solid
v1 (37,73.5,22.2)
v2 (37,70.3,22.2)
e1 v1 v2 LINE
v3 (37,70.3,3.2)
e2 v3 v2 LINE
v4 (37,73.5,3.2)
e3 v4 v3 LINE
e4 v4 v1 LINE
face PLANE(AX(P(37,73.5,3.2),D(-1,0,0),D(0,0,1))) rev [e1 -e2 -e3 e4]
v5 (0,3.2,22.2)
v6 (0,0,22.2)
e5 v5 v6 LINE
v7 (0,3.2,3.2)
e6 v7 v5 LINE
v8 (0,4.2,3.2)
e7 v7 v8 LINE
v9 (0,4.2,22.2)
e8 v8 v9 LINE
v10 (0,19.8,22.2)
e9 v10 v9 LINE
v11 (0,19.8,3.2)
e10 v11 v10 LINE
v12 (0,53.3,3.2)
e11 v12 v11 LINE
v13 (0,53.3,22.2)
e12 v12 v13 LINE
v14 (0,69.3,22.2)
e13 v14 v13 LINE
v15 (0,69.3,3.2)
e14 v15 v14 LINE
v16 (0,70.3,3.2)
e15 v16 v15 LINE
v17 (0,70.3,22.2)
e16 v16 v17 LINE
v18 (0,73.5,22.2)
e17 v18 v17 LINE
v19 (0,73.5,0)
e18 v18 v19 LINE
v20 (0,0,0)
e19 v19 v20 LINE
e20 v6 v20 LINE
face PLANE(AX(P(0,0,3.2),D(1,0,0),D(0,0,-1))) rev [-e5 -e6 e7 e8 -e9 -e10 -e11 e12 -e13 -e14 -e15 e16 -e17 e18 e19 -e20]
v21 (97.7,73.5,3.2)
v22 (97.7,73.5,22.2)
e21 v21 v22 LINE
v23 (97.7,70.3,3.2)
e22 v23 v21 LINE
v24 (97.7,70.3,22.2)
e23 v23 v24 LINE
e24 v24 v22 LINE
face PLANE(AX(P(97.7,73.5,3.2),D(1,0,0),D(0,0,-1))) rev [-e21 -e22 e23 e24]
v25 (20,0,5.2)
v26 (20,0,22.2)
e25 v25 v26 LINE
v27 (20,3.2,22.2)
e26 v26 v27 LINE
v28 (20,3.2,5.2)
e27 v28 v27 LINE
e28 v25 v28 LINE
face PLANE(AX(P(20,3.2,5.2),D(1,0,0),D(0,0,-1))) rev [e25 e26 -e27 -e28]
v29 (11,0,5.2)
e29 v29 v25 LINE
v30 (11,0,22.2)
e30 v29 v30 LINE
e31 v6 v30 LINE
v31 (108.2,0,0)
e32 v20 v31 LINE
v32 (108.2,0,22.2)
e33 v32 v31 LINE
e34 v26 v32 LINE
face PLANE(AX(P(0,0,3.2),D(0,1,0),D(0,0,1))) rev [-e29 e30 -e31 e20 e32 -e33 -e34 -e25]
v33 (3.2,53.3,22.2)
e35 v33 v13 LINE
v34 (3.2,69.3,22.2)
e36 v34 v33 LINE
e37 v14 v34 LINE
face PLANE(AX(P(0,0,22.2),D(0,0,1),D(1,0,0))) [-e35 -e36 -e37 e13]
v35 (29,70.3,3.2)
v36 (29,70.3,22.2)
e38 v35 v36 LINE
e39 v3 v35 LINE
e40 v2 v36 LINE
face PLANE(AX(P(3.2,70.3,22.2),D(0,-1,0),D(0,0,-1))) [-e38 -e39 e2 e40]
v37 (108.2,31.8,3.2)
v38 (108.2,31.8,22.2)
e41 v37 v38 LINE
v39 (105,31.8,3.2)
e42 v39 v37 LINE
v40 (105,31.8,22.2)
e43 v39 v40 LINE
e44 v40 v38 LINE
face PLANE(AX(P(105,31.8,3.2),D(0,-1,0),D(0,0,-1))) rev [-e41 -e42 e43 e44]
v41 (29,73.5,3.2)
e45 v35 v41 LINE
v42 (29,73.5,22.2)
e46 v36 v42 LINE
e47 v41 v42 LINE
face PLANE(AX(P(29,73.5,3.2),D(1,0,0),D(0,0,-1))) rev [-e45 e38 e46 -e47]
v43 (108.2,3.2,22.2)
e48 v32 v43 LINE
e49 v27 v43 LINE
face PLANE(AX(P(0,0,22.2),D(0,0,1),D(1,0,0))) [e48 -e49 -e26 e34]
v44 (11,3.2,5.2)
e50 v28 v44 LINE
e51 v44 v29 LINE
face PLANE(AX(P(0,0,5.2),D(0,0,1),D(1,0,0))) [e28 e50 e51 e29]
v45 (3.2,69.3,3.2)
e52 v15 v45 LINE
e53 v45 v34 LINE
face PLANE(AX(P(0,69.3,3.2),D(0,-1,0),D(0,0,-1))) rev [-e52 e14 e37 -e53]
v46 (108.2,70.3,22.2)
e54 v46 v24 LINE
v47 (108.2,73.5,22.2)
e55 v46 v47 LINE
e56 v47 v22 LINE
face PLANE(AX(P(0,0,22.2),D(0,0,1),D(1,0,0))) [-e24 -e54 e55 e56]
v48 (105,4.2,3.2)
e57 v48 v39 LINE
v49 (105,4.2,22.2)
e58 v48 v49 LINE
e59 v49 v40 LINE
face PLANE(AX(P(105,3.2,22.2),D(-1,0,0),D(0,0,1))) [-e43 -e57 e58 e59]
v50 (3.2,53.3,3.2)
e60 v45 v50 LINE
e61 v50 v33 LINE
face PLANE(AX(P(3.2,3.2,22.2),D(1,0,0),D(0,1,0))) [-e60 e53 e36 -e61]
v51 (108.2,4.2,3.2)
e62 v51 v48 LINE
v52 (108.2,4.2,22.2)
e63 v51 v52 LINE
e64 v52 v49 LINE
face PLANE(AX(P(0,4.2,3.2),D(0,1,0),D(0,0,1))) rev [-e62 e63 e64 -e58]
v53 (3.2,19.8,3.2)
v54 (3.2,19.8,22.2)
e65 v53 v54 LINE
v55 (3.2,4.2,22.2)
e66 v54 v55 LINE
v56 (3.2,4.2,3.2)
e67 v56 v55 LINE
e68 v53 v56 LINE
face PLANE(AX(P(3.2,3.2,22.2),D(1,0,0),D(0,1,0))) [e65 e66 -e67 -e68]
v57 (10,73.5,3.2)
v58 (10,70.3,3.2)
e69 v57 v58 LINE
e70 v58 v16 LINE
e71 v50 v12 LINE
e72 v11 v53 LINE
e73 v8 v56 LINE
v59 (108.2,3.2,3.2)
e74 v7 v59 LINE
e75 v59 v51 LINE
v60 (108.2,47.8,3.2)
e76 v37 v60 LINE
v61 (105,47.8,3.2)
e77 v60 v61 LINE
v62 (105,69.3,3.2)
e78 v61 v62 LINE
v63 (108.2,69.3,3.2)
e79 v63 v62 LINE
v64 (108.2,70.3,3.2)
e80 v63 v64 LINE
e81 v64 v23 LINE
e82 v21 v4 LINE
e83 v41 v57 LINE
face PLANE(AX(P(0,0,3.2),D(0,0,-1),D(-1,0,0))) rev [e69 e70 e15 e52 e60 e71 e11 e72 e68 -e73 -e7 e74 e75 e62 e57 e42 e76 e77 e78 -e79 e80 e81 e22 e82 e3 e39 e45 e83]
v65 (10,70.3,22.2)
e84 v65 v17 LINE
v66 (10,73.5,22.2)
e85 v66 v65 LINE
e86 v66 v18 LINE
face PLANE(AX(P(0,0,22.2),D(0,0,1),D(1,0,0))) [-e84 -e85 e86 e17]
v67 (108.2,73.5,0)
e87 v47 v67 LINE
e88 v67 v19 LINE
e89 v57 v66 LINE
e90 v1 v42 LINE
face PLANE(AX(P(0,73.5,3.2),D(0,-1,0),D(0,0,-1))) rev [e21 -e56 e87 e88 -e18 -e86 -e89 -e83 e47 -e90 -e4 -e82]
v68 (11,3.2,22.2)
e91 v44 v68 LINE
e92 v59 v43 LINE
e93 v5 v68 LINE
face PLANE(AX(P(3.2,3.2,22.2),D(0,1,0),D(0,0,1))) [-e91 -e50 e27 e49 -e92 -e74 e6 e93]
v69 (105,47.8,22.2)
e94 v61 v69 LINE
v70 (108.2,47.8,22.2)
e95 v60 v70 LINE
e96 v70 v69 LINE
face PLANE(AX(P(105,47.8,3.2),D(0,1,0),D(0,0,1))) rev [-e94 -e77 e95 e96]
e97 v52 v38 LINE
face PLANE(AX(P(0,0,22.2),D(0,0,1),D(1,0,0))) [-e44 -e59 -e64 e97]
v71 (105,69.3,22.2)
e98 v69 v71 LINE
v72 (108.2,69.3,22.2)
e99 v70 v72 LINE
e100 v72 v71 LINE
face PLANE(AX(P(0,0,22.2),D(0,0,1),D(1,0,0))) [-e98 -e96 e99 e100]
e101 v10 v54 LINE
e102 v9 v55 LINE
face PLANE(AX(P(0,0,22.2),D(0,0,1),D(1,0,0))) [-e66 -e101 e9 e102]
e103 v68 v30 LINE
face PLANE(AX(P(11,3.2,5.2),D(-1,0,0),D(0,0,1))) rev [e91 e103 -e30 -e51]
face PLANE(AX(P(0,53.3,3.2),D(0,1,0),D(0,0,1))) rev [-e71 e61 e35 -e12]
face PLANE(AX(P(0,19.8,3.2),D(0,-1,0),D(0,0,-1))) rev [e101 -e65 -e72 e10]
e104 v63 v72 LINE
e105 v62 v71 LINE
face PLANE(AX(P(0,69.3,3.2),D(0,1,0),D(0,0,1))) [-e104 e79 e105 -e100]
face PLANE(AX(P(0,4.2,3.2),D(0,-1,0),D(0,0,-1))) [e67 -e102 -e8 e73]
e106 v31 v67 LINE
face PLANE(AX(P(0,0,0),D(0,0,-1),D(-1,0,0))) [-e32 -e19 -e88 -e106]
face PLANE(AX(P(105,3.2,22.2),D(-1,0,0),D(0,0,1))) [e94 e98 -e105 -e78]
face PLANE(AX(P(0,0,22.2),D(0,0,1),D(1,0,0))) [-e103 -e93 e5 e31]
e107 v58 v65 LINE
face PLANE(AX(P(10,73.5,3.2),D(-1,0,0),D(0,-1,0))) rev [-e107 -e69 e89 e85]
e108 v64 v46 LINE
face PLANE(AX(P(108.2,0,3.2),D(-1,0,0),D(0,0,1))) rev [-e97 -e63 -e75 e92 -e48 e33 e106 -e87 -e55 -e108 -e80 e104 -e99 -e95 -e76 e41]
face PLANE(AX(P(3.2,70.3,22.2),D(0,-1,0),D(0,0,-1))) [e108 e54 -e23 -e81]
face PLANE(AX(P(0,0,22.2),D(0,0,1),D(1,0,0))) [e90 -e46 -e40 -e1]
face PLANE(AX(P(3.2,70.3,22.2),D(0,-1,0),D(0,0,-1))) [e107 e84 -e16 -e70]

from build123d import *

# Parameters (mm, degrees)
SKETCH1_W           = 108.2
SKETCH1_H           = 73.5
BOSS_EXTRUDE2_DEPTH = 3.2
SKETCH2_W           = 108.2
SKETCH2_H           = 73.5
SKETCH2_W_2         = 101.8
SKETCH2_H_2         = 67.1
BOSS_EXTRUDE3_DEPTH = 19
SKETCH3_W           = 3.2
SKETCH3_H           = 1
CUT_EXTRUDE1_DEPTH  = 19
SKETCH4_W           = 3.2
SKETCH4_H           = 33.5
CUT_EXTRUDE2_DEPTH  = 19
SKETCH5_W           = 19
SKETCH5_H           = 3.2
SKETCH5_W_2         = 60.7
CUT_EXTRUDE3_DEPTH  = 19
SKETCH6_W           = 3.2
SKETCH6_H           = 16
CUT_EXTRUDE4_DEPTH  = 19
SKETCH7_W           = 9
SKETCH7_H           = 3.2
CUT_EXTRUDE5_DEPTH  = 17


with BuildPart() as part:
    # Sketch1 → Boss-Extrude2 (new body)
    with BuildSketch(Plane.XY):
        with Locations((54.1, 36.75)):
            Rectangle(SKETCH1_W, SKETCH1_H)
    extrude(amount=BOSS_EXTRUDE2_DEPTH)

    # Sketch2 → Boss-Extrude3 (add)
    with BuildSketch(Plane.XY.offset(3.2)):
        with Locations((54.1, 36.75)):
            Rectangle(SKETCH2_W, SKETCH2_H)
        with Locations((54.1, 36.75)):
            Rectangle(SKETCH2_W_2, SKETCH2_H_2, mode=Mode.SUBTRACT)
    extrude(amount=BOSS_EXTRUDE3_DEPTH)

    # Sketch3 → Cut-Extrude1 (cut)
    with BuildSketch(Plane.XY.offset(22.2)):
        with Locations((1.6, 69.8)):
            Rectangle(SKETCH3_W, SKETCH3_H)
        with Locations((106.6, 69.8)):
            Rectangle(SKETCH3_W, SKETCH3_H)
        with Locations((106.6, 3.7)):
            Rectangle(SKETCH3_W, SKETCH3_H)
        with Locations((1.6, 3.7)):
            Rectangle(SKETCH3_W, SKETCH3_H)
    extrude(amount=-CUT_EXTRUDE1_DEPTH, mode=Mode.SUBTRACT)

    # Sketch4 → Cut-Extrude2 (cut)
    with BuildSketch(Plane.XY.offset(22.2)):
        with Locations((1.6, 36.55)):
            Rectangle(SKETCH4_W, SKETCH4_H)
    extrude(amount=-CUT_EXTRUDE2_DEPTH, mode=Mode.SUBTRACT)

    # Sketch5 → Cut-Extrude3 (cut)
    with BuildSketch(Plane.XY.offset(22.2)):
        with Locations((19.5, 71.9)):
            Rectangle(SKETCH5_W, SKETCH5_H)
        with Locations((67.35, 71.9)):
            Rectangle(SKETCH5_W_2, SKETCH5_H)
    extrude(amount=-CUT_EXTRUDE3_DEPTH, mode=Mode.SUBTRACT)

    # Sketch6 → Cut-Extrude4 (cut)
    with BuildSketch(Plane.XY.offset(22.2)):
        with Locations((106.6, 39.8)):
            Rectangle(SKETCH6_W, SKETCH6_H)
    extrude(amount=-CUT_EXTRUDE4_DEPTH, mode=Mode.SUBTRACT)

    # Sketch7 → Cut-Extrude5 (cut)
    with BuildSketch(Plane.XY.offset(22.2)):
        with Locations((15.5, 1.6)):
            Rectangle(SKETCH7_W, SKETCH7_H)
    extrude(amount=-CUT_EXTRUDE5_DEPTH, mode=Mode.SUBTRACT)


solid = part.part
